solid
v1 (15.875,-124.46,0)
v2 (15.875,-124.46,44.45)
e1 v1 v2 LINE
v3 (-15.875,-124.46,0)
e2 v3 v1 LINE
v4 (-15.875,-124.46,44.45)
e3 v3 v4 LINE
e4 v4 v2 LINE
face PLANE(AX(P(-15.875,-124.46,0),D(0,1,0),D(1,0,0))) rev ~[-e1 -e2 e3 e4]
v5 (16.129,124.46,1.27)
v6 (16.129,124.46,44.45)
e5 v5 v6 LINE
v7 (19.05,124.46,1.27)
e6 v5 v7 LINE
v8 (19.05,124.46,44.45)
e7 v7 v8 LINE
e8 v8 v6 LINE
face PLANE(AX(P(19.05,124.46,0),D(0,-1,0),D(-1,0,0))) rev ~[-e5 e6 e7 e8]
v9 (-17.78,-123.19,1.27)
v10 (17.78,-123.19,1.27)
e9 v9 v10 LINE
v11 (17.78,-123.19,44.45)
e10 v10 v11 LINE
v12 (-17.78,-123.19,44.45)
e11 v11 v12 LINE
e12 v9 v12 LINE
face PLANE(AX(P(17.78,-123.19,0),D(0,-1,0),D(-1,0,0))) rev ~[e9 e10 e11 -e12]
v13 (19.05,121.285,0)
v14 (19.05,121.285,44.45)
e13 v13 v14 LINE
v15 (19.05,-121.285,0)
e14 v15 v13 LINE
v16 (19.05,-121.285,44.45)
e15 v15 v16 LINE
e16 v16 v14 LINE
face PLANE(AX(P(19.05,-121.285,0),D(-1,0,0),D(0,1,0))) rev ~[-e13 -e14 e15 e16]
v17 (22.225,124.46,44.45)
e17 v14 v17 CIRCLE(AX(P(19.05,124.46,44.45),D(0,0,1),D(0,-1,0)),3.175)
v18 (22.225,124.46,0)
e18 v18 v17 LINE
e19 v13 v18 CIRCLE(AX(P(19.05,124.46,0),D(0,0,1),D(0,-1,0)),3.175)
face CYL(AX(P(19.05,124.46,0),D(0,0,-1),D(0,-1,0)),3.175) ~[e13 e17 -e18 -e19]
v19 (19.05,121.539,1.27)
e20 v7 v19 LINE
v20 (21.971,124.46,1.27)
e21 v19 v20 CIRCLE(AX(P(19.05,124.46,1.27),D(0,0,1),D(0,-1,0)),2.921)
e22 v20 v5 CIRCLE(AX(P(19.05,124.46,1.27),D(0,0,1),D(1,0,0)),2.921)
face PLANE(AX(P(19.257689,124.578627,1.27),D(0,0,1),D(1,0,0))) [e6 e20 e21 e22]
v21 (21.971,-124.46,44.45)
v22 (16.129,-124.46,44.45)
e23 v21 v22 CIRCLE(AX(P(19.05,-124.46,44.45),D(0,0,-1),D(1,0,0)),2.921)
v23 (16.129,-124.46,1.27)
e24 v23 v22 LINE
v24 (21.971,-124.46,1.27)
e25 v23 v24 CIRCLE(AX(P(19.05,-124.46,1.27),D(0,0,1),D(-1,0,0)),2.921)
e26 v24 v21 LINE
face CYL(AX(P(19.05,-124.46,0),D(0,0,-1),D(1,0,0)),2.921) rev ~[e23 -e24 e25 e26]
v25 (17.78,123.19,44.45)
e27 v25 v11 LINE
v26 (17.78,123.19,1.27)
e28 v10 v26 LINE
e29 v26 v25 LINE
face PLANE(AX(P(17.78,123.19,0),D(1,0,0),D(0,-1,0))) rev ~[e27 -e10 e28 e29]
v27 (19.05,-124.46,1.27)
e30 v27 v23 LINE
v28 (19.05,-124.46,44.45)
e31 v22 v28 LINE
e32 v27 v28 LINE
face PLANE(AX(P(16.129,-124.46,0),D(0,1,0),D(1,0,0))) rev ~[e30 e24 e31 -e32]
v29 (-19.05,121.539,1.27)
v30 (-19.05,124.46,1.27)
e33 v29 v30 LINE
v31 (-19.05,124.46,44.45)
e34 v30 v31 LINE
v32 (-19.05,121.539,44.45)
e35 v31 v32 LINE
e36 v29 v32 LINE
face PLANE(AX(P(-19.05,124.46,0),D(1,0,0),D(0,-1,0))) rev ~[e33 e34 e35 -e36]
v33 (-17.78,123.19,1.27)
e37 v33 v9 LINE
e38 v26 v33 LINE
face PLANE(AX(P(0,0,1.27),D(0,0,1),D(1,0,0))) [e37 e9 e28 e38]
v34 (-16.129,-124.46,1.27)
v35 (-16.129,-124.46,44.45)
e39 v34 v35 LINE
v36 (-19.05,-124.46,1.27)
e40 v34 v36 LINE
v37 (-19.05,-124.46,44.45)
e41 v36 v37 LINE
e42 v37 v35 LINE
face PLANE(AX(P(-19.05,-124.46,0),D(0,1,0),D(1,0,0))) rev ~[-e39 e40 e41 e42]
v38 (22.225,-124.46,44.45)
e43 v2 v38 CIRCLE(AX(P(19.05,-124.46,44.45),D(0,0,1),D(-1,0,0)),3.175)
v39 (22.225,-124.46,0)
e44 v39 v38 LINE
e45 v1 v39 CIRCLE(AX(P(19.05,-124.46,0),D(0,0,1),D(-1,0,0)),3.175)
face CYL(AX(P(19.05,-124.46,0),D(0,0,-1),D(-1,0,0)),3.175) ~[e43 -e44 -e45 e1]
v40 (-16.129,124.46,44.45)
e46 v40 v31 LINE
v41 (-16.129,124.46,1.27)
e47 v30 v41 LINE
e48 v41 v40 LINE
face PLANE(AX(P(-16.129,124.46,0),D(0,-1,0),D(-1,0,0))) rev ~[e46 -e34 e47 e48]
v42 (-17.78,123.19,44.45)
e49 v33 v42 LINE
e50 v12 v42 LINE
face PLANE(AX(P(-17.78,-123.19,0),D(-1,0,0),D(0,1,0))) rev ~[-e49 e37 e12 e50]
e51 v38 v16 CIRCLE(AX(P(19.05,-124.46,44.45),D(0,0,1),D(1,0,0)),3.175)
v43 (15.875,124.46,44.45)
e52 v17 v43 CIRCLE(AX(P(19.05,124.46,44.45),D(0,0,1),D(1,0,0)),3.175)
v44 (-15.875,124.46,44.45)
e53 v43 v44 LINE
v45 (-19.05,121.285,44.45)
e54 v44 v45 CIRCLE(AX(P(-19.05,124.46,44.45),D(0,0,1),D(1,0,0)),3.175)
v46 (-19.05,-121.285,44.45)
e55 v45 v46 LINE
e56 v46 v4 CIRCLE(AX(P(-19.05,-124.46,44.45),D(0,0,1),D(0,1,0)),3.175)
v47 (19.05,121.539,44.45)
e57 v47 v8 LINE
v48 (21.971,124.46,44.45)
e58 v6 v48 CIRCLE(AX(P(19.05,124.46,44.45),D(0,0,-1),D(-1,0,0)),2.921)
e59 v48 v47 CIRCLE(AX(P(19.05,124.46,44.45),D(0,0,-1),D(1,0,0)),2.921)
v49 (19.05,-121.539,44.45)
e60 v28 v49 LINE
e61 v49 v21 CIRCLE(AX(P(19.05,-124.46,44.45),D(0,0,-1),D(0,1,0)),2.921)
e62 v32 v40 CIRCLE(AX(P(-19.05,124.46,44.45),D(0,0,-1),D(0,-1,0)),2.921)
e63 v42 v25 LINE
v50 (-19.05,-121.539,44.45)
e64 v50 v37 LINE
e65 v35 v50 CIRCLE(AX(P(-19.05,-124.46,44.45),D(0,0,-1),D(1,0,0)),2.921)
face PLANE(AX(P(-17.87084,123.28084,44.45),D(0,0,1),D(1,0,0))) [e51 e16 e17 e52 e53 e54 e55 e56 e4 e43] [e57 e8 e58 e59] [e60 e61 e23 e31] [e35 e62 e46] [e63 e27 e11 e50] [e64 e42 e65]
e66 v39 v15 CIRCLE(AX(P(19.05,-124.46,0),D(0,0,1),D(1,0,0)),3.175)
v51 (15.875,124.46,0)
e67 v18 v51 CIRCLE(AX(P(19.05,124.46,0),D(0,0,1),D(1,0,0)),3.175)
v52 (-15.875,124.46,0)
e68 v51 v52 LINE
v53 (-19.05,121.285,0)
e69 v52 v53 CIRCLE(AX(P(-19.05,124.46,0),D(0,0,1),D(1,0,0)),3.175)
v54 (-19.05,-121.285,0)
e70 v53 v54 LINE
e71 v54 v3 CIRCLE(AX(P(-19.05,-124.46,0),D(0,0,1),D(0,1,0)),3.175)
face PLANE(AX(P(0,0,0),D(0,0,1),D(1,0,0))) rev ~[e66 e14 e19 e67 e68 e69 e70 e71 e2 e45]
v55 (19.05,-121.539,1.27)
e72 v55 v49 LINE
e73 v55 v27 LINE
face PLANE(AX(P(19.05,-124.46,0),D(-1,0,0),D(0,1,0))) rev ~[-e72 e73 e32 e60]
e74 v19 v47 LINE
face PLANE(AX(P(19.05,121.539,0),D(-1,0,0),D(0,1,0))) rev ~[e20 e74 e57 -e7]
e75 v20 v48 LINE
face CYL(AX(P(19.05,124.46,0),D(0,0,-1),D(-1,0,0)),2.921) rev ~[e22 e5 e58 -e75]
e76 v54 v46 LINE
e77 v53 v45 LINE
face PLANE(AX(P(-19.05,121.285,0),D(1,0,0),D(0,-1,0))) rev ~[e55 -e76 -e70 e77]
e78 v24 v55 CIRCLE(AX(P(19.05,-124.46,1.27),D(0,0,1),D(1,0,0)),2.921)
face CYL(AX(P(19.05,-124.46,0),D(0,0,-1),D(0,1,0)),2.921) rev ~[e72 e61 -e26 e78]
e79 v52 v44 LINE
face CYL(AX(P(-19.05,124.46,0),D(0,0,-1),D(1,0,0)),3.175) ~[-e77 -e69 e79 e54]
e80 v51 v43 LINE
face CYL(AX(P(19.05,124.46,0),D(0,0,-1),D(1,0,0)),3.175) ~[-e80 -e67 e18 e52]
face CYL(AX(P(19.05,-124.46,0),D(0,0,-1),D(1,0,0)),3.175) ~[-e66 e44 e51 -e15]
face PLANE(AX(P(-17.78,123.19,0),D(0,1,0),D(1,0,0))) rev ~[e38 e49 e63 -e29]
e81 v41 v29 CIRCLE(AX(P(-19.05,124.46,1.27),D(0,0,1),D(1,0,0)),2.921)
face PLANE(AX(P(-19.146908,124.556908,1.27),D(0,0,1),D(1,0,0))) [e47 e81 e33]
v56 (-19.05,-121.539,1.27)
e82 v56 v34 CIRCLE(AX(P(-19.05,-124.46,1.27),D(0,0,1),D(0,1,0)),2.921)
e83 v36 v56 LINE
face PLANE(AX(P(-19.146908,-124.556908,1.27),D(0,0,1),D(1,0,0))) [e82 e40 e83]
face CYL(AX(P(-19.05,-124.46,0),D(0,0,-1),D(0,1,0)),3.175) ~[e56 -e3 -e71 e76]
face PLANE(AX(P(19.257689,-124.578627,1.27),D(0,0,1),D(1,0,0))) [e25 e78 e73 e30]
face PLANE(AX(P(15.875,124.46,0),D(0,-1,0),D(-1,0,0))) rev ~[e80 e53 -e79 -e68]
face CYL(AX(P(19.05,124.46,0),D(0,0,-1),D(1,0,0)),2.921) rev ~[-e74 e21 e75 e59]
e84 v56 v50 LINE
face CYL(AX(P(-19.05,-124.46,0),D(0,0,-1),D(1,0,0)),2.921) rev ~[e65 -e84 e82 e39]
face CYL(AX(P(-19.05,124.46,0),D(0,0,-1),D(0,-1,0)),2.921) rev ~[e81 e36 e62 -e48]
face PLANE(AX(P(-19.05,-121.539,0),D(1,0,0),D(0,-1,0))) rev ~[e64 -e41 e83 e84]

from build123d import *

# Parameters (mm, degrees)
F1_DEPTH = 44.45
F2_DEPTH = 1.27


with BuildPart() as f1:
    # F0 (on Top) → F1 (new body)
    with BuildSketch(Plane.XY):
        with BuildLine():
            Line((-16.129, 124.46), (-19.05, 124.46))
            Line((-19.05, 124.46), (-19.05, 121.539))
            ThreePointArc((-19.05, 121.539), (-18.3985955267, 121.6125602355), (-17.78, 121.8295359725))
            Line((-17.78, 121.8295359725), (-17.78, 123.19))
            Line((-17.78, 123.19), (-16.4195359725, 123.19))
            ThreePointArc((-16.4195359725, 123.19), (-16.2025602355, 123.8085955267), (-16.129, 124.46))
        make_face()
        with BuildLine():
            Line((-15.875, 124.46), (-16.129, 124.46))
            ThreePointArc((-16.129, 124.46), (-16.2025602355, 123.8085955267), (-16.4195359725, 123.19))
            Line((-16.4195359725, 123.19), (-16.1400644337, 123.19))
            ThreePointArc((-16.1400644337, 123.19), (-15.9419724564, 123.8113168813), (-15.875, 124.46))
        make_face()
        with BuildLine():
            Line((15.875, 124.46), (-15.875, 124.46))
            ThreePointArc((-15.875, 124.46), (-15.9419724564, 123.8113168813), (-16.1400644337, 123.19))
            Line((-16.1400644337, 123.19), (16.1400644337, 123.19))
            ThreePointArc((16.1400644337, 123.19), (15.9419724564, 123.8113168813), (15.875, 124.46))
        make_face()
        with BuildLine():
            Line((16.129, 124.46), (15.875, 124.46))
            ThreePointArc((15.875, 124.46), (15.9419724564, 123.8113168813), (16.1400644337, 123.19))
            Line((16.1400644337, 123.19), (16.4195359725, 123.19))
            ThreePointArc((16.4195359725, 123.19), (16.2025602355, 123.8085955267), (16.129, 124.46))
        make_face()
        with BuildLine():
            Line((19.05, 124.46), (16.129, 124.46))
            ThreePointArc((16.129, 124.46), (16.2025602355, 123.8085955267), (16.4195359725, 123.19))
            Line((16.4195359725, 123.19), (17.78, 123.19))
            Line((17.78, 123.19), (17.78, 121.8295359725))
            ThreePointArc((17.78, 121.8295359725), (18.3985955267, 121.6125602355), (19.05, 121.539))
            Line((19.05, 121.539), (19.05, 124.46))
        make_face()
        with BuildLine():
            ThreePointArc((22.225, 124.46), (19.05, 127.635), (15.875, 124.46))
            Line((15.875, 124.46), (16.129, 124.46))
            ThreePointArc((16.129, 124.46), (19.05, 127.381), (21.971, 124.46))
            ThreePointArc((21.971, 124.46), (21.1154589078, 122.3945410922), (19.05, 121.539))
            Line((19.05, 121.539), (19.05, 121.285))
            ThreePointArc((19.05, 121.285), (21.2950640303, 122.2149359697), (22.225, 124.46))
        make_face()
        with BuildLine():
            ThreePointArc((-19.05, 121.539), (-21.1154589078, 126.5254589078), (-16.129, 124.46))
            Line((-16.129, 124.46), (-15.875, 124.46))
            ThreePointArc((-15.875, 124.46), (-21.2950640303, 126.7050640303), (-19.05, 121.285))
            Line((-19.05, 121.285), (-19.05, 121.539))
        make_face()
        with BuildLine():
            ThreePointArc((-17.78, -121.8295359725), (-18.3985955267, -121.6125602355), (-19.05, -121.539))
            Line((-19.05, -121.539), (-19.05, -124.46))
            Line((-19.05, -124.46), (-16.129, -124.46))
            ThreePointArc((-16.129, -124.46), (-16.2025602355, -123.8085955267), (-16.4195359725, -123.19))
            Line((-16.4195359725, -123.19), (-17.78, -123.19))
            Line((-17.78, -123.19), (-17.78, -121.8295359725))
        make_face()
        with BuildLine():
            Line((-19.05, -121.539), (-19.05, -121.285))
            ThreePointArc((-19.05, -121.285), (-21.2950640303, -126.7050640303), (-15.875, -124.46))
            Line((-15.875, -124.46), (-16.129, -124.46))
            ThreePointArc((-16.129, -124.46), (-21.1154589078, -126.5254589078), (-19.05, -121.539))
        make_face()
        with BuildLine():
            ThreePointArc((16.4195359725, -123.19), (16.2025602355, -123.8085955267), (16.129, -124.46))
            Line((16.129, -124.46), (19.05, -124.46))
            Line((19.05, -124.46), (19.05, -121.539))
            ThreePointArc((19.05, -121.539), (18.3985955267, -121.6125602355), (17.78, -121.8295359725))
            Line((17.78, -121.8295359725), (17.78, -123.19))
            Line((17.78, -123.19), (16.4195359725, -123.19))
        make_face()
        with BuildLine():
            Line((16.129, -124.46), (15.875, -124.46))
            ThreePointArc((15.875, -124.46), (19.05, -127.635), (22.225, -124.46))
            ThreePointArc((22.225, -124.46), (21.2950640303, -122.2149359697), (19.05, -121.285))
            Line((19.05, -121.285), (19.05, -121.539))
            ThreePointArc((19.05, -121.539), (21.1154589078, -122.3945410922), (21.971, -124.46))
            ThreePointArc((21.971, -124.46), (19.05, -127.381), (16.129, -124.46))
        make_face()
        with BuildLine():
            ThreePointArc((16.1400644337, -123.19), (15.9419724564, -123.8113168813), (15.875, -124.46))
            Line((15.875, -124.46), (16.129, -124.46))
            ThreePointArc((16.129, -124.46), (16.2025602355, -123.8085955267), (16.4195359725, -123.19))
            Line((16.4195359725, -123.19), (16.1400644337, -123.19))
        make_face()
        with BuildLine():
            ThreePointArc((-17.78, 121.5500644337), (-18.4013168813, 121.3519724564), (-19.05, 121.285))
            Line((-19.05, 121.285), (-19.05, -121.285))
            ThreePointArc((-19.05, -121.285), (-18.4013168813, -121.3519724564), (-17.78, -121.5500644337))
            Line((-17.78, -121.5500644337), (-17.78, 121.5500644337))
        make_face()
        with BuildLine():
            Line((19.05, -121.285), (19.05, 121.285))
            ThreePointArc((19.05, 121.285), (18.4013168813, 121.3519724564), (17.78, 121.5500644337))
            Line((17.78, 121.5500644337), (17.78, -121.5500644337))
            ThreePointArc((17.78, -121.5500644337), (18.4013168813, -121.3519724564), (19.05, -121.285))
        make_face()
        with BuildLine():
            ThreePointArc((-16.1400644337, -123.19), (-15.9419724564, -123.8113168813), (-15.875, -124.46))
            Line((-15.875, -124.46), (15.875, -124.46))
            ThreePointArc((15.875, -124.46), (15.9419724564, -123.8113168813), (16.1400644337, -123.19))
            Line((16.1400644337, -123.19), (-16.1400644337, -123.19))
        make_face()
        with BuildLine():
            Line((19.05, -121.539), (19.05, -121.285))
            ThreePointArc((19.05, -121.285), (18.4013168813, -121.3519724564), (17.78, -121.5500644337))
            Line((17.78, -121.5500644337), (17.78, -121.8295359725))
            ThreePointArc((17.78, -121.8295359725), (18.3985955267, -121.6125602355), (19.05, -121.539))
        make_face()
        with BuildLine():
            Line((-16.129, -124.46), (-15.875, -124.46))
            ThreePointArc((-15.875, -124.46), (-15.9419724564, -123.8113168813), (-16.1400644337, -123.19))
            Line((-16.1400644337, -123.19), (-16.4195359725, -123.19))
            ThreePointArc((-16.4195359725, -123.19), (-16.2025602355, -123.8085955267), (-16.129, -124.46))
        make_face()
        with BuildLine():
            ThreePointArc((-17.78, -121.5500644337), (-18.4013168813, -121.3519724564), (-19.05, -121.285))
            Line((-19.05, -121.285), (-19.05, -121.539))
            ThreePointArc((-19.05, -121.539), (-18.3985955267, -121.6125602355), (-17.78, -121.8295359725))
            Line((-17.78, -121.8295359725), (-17.78, -121.5500644337))
        make_face()
        with BuildLine():
            ThreePointArc((17.78, 121.5500644337), (18.4013168813, 121.3519724564), (19.05, 121.285))
            Line((19.05, 121.285), (19.05, 121.539))
            ThreePointArc((19.05, 121.539), (18.3985955267, 121.6125602355), (17.78, 121.8295359725))
            Line((17.78, 121.8295359725), (17.78, 121.5500644337))
        make_face()
        with BuildLine():
            ThreePointArc((-17.78, 121.8295359725), (-18.3985955267, 121.6125602355), (-19.05, 121.539))
            Line((-19.05, 121.539), (-19.05, 121.285))
            ThreePointArc((-19.05, 121.285), (-18.4013168813, 121.3519724564), (-17.78, 121.5500644337))
            Line((-17.78, 121.5500644337), (-17.78, 121.8295359725))
        make_face()
    extrude(amount=F1_DEPTH)

    # F0 (on Top) → F2 (join)
    with BuildSketch(Plane.XY):
        with BuildLine():
            Line((16.1400644337, 123.19), (-16.1400644337, 123.19))
            ThreePointArc((-16.1400644337, 123.19), (-16.8049359697, 122.2149359697), (-17.78, 121.5500644337))
            Line((-17.78, 121.5500644337), (-17.78, -121.5500644337))
            ThreePointArc((-17.78, -121.5500644337), (-16.8049359697, -122.2149359697), (-16.1400644337, -123.19))
            Line((-16.1400644337, -123.19), (16.1400644337, -123.19))
            ThreePointArc((16.1400644337, -123.19), (16.8049359697, -122.2149359697), (17.78, -121.5500644337))
            Line((17.78, -121.5500644337), (17.78, 121.5500644337))
            ThreePointArc((17.78, 121.5500644337), (16.8049359697, 122.2149359697), (16.1400644337, 123.19))
        make_face()
        with BuildLine():
            ThreePointArc((-17.78, 121.8295359725), (-16.9845410922, 122.3945410922), (-16.4195359725, 123.19))
            Line((-16.4195359725, 123.19), (-17.78, 123.19))
            Line((-17.78, 123.19), (-17.78, 121.8295359725))
        make_face()
        with BuildLine():
            Line((-16.1400644337, 123.19), (-16.4195359725, 123.19))
            ThreePointArc((-16.4195359725, 123.19), (-16.9845410922, 122.3945410922), (-17.78, 121.8295359725))
            Line((-17.78, 121.8295359725), (-17.78, 121.5500644337))
            ThreePointArc((-17.78, 121.5500644337), (-16.8049359697, 122.2149359697), (-16.1400644337, 123.19))
        make_face()
        with BuildLine():
            Line((17.78, 123.19), (16.4195359725, 123.19))
            ThreePointArc((16.4195359725, 123.19), (16.9845410922, 122.3945410922), (17.78, 121.8295359725))
            Line((17.78, 121.8295359725), (17.78, 123.19))
        make_face()
        with BuildLine():
            Line((16.4195359725, 123.19), (16.1400644337, 123.19))
            ThreePointArc((16.1400644337, 123.19), (16.8049359697, 122.2149359697), (17.78, 121.5500644337))
            Line((17.78, 121.5500644337), (17.78, 121.8295359725))
            ThreePointArc((17.78, 121.8295359725), (16.9845410922, 122.3945410922), (16.4195359725, 123.19))
        make_face()
        with BuildLine():
            Line((17.78, -123.19), (17.78, -121.8295359725))
            ThreePointArc((17.78, -121.8295359725), (16.9845410922, -122.3945410922), (16.4195359725, -123.19))
            Line((16.4195359725, -123.19), (17.78, -123.19))
        make_face()
        with BuildLine():
            Line((17.78, -121.8295359725), (17.78, -121.5500644337))
            ThreePointArc((17.78, -121.5500644337), (16.8049359697, -122.2149359697), (16.1400644337, -123.19))
            Line((16.1400644337, -123.19), (16.4195359725, -123.19))
            ThreePointArc((16.4195359725, -123.19), (16.9845410922, -122.3945410922), (17.78, -121.8295359725))
        make_face()
        with BuildLine():
            ThreePointArc((-16.1400644337, -123.19), (-16.8049359697, -122.2149359697), (-17.78, -121.5500644337))
            Line((-17.78, -121.5500644337), (-17.78, -121.8295359725))
            ThreePointArc((-17.78, -121.8295359725), (-16.9845410922, -122.3945410922), (-16.4195359725, -123.19))
            Line((-16.4195359725, -123.19), (-16.1400644337, -123.19))
        make_face()
        with BuildLine():
            ThreePointArc((-16.4195359725, -123.19), (-16.9845410922, -122.3945410922), (-17.78, -121.8295359725))
            Line((-17.78, -121.8295359725), (-17.78, -123.19))
            Line((-17.78, -123.19), (-16.4195359725, -123.19))
        make_face()
        with BuildLine():
            Line((19.05, -124.46), (16.129, -124.46))
            ThreePointArc((16.129, -124.46), (19.05, -127.381), (21.971, -124.46))
            ThreePointArc((21.971, -124.46), (21.1154589078, -122.3945410922), (19.05, -121.539))
            Line((19.05, -121.539), (19.05, -124.46))
        make_face()
        with BuildLine():
            Line((-19.05, -124.46), (-19.05, -121.539))
            ThreePointArc((-19.05, -121.539), (-21.1154589078, -126.5254589078), (-16.129, -124.46))
            Line((-16.129, -124.46), (-19.05, -124.46))
        make_face()
        with BuildLine():
            ThreePointArc((21.971, 124.46), (19.05, 127.381), (16.129, 124.46))
            Line((16.129, 124.46), (19.05, 124.46))
            Line((19.05, 124.46), (19.05, 121.539))
            ThreePointArc((19.05, 121.539), (21.1154589078, 122.3945410922), (21.971, 124.46))
        make_face()
        with BuildLine():
            Line((-19.05, 121.539), (-19.05, 124.46))
            Line((-19.05, 124.46), (-16.129, 124.46))
            ThreePointArc((-16.129, 124.46), (-21.1154589078, 126.5254589078), (-19.05, 121.539))
        make_face()
    extrude(amount=F2_DEPTH)


solid = f1.part
